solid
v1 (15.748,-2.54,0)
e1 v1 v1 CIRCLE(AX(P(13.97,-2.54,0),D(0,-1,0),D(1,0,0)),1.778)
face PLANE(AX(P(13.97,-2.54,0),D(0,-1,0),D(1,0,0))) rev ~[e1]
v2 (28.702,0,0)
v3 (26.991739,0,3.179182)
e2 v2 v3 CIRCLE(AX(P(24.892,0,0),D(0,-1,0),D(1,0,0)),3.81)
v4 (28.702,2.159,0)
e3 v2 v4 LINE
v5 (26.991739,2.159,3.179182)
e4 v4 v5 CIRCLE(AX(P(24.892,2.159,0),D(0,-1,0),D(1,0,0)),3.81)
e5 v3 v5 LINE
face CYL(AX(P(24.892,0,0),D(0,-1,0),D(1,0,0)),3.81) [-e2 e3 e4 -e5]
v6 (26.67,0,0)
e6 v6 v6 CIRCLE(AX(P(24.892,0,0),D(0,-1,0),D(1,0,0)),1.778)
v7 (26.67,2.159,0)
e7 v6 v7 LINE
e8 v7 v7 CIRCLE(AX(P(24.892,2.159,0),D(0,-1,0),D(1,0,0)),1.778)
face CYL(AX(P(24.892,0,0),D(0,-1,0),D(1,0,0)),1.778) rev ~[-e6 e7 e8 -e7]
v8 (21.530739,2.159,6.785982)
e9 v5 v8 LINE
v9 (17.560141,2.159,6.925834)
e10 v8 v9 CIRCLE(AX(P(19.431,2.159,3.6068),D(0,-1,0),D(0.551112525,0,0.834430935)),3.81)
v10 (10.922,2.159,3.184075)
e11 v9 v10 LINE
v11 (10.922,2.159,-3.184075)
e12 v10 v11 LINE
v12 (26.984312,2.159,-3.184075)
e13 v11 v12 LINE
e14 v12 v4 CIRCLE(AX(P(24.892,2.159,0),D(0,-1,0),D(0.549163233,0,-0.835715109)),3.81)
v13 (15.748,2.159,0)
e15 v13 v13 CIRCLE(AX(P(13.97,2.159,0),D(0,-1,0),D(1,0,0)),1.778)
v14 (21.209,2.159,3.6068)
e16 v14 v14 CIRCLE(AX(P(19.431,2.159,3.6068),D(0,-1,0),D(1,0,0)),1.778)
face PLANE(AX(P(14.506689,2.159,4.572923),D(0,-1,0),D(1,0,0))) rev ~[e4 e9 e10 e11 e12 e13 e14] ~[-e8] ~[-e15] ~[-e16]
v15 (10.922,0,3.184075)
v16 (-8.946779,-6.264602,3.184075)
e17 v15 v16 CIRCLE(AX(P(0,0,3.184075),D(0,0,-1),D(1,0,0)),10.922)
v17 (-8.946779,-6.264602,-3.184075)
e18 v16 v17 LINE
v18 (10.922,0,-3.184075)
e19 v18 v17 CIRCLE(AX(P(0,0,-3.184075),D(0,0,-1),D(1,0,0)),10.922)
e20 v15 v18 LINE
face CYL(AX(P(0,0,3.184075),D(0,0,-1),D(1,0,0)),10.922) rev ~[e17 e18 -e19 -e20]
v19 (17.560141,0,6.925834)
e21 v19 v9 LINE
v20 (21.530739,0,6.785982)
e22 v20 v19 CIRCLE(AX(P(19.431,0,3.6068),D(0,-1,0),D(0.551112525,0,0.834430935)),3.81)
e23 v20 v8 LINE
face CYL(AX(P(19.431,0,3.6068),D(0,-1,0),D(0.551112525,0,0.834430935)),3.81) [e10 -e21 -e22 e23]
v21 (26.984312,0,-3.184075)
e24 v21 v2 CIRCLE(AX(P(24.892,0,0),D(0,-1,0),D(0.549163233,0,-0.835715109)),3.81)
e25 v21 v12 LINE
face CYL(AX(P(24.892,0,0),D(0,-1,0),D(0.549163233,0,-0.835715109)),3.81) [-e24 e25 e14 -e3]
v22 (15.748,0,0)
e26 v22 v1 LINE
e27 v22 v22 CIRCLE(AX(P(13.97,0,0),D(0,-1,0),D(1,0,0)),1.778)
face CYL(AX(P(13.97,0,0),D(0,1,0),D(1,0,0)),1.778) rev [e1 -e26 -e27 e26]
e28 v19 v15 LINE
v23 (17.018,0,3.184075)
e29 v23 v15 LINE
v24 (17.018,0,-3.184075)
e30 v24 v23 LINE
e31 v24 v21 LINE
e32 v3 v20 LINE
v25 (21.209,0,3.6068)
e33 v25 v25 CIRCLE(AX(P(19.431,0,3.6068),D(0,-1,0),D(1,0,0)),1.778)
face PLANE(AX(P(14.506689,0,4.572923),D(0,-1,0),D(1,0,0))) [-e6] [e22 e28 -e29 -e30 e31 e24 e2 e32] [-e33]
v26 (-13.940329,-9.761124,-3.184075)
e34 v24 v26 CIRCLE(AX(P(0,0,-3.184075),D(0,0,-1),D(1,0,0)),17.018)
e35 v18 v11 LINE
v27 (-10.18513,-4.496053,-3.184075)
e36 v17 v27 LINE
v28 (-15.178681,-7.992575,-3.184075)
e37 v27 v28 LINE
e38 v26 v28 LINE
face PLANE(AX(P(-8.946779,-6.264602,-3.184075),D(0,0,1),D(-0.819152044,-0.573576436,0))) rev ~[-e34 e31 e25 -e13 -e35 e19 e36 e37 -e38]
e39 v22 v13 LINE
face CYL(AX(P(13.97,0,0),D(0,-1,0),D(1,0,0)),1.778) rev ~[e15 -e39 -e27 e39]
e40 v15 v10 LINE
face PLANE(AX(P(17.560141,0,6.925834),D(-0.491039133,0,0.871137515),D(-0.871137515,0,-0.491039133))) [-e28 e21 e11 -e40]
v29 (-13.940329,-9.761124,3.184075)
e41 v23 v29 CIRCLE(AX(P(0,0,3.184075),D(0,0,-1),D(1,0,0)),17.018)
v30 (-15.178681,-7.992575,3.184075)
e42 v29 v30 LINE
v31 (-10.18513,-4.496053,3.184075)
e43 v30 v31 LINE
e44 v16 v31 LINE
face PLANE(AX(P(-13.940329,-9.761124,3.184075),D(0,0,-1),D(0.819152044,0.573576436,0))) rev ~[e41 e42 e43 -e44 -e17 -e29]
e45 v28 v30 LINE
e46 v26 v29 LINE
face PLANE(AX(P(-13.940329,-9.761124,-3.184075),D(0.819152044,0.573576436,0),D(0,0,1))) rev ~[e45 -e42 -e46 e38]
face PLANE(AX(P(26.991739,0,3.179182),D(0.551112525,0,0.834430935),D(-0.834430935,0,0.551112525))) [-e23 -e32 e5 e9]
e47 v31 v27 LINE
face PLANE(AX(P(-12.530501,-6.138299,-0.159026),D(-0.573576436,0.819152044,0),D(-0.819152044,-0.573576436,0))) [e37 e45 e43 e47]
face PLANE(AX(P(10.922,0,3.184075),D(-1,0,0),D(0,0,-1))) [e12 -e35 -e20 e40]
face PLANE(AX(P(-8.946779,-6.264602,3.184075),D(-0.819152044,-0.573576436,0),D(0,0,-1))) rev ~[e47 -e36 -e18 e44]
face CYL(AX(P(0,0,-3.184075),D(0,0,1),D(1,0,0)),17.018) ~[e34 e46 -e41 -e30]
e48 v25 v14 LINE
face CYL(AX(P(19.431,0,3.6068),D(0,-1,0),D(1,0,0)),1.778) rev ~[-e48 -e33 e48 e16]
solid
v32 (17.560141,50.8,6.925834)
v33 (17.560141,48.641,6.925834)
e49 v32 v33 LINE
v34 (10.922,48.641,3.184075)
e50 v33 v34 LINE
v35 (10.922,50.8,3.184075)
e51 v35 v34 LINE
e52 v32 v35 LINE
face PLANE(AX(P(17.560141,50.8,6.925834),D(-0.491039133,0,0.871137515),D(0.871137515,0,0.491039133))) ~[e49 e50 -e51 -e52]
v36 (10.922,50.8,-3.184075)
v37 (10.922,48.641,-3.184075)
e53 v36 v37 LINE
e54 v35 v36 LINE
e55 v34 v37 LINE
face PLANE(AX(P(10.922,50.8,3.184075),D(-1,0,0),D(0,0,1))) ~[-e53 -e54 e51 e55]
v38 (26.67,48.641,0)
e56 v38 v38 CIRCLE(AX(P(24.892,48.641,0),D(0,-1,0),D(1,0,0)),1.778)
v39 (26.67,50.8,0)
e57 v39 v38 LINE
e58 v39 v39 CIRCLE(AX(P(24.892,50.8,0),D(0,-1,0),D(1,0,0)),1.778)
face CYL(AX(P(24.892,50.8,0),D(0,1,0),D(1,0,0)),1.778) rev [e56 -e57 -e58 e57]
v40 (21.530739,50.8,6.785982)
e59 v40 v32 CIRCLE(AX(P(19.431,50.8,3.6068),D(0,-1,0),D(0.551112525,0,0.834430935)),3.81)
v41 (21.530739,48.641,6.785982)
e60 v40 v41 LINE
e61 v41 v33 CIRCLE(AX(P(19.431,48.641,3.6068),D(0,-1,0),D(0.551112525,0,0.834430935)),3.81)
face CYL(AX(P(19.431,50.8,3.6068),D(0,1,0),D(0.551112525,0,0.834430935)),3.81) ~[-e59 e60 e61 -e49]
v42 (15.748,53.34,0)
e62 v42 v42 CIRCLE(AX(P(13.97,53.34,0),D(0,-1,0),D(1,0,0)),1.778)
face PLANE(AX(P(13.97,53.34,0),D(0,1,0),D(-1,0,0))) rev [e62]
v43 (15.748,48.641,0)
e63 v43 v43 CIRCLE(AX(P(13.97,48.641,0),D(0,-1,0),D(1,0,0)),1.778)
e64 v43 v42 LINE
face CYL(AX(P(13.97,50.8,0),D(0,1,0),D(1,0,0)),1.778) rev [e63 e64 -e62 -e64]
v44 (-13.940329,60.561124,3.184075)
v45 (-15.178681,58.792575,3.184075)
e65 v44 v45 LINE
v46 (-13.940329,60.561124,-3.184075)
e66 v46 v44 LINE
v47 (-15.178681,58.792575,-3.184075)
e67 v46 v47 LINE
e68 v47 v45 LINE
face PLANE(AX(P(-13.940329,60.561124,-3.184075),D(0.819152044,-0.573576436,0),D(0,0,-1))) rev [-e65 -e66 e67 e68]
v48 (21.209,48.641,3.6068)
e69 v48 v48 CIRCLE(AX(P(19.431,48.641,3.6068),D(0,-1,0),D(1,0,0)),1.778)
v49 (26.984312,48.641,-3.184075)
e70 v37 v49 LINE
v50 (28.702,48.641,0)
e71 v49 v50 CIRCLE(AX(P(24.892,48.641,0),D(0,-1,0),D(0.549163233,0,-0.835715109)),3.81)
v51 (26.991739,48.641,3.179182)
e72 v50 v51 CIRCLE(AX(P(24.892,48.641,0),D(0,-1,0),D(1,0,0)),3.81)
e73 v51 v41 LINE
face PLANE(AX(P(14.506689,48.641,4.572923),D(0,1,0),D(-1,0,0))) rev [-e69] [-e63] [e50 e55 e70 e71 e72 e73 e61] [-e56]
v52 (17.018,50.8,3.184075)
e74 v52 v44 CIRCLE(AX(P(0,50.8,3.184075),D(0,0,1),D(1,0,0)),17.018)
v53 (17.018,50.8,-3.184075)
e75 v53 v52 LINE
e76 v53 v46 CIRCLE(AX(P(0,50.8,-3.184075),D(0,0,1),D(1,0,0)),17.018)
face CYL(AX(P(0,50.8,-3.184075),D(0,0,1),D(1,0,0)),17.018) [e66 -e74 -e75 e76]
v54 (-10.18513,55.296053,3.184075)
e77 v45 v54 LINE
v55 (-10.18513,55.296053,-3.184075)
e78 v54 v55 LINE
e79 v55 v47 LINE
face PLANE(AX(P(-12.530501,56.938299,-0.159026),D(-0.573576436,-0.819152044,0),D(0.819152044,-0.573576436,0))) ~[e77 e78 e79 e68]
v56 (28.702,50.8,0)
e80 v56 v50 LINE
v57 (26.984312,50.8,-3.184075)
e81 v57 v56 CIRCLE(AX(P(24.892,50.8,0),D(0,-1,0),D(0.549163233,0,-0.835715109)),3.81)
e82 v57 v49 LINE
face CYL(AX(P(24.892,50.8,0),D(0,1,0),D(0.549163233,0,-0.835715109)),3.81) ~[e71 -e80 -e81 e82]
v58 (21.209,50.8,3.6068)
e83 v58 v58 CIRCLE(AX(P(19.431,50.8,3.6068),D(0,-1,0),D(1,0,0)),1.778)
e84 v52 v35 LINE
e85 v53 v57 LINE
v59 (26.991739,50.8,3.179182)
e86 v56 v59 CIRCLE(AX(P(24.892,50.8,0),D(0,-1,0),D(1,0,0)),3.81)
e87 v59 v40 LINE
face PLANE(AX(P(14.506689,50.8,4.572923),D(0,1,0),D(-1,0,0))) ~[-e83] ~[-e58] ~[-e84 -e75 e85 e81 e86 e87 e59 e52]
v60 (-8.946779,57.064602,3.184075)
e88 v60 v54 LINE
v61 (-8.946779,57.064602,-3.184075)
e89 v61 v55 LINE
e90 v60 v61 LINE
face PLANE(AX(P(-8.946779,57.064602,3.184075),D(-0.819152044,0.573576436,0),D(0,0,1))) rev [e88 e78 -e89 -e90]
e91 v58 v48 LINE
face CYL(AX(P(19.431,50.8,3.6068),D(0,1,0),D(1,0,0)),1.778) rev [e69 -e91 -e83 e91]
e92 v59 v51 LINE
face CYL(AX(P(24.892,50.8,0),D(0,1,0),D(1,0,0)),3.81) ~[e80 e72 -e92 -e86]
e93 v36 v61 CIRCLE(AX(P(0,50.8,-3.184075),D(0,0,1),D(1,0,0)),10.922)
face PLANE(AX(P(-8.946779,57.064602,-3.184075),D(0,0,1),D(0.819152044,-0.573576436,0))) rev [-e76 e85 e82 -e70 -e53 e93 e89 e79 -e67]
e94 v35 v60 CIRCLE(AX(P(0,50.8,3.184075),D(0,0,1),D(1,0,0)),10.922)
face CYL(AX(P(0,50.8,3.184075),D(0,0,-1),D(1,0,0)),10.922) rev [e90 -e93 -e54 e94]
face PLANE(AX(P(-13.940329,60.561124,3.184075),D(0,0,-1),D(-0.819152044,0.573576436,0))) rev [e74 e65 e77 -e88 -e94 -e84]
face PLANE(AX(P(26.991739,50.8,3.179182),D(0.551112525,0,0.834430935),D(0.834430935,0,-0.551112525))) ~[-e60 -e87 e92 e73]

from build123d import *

# Parameters (mm, degrees)
F0_R     = 1.778
F1_DEPTH = 2.159
F2_ANGLE = 145
F3_DEPTH = 2.54
F4_DEPTH = 2.159


with BuildPart() as f1:
    # F0 (on Front) → F1 (new body)
    with BuildSketch(Plane.XZ):
        with BuildLine():
            Line((10.922, 3.1840745665), (15.6445236422, 3.1840745665))
            ThreePointArc((15.6445236422, 3.1840745665), (16.0396062012, 5.3430454035), (17.5601409029, 6.9258339315))
            Line((17.5601409029, 6.9258339315), (10.922, 3.1840745665))
        make_face()
        with BuildLine():
            ThreePointArc((23.2369771619, 3.4317633085), (22.6101818624, 1.5070612816), (21.0860228381, 0.1750366915))
            ThreePointArc((21.0860228381, 0.1750366915), (21.4981289619, -1.7313980989), (22.7996880837, -3.1840745665))
            Line((22.7996880837, -3.1840745665), (26.9843119163, -3.1840745665))
            ThreePointArc((26.9843119163, -3.1840745665), (28.245193135, -1.8089211701), (28.702, 0))
            ThreePointArc((28.702, 0), (28.2473021114, 1.8050062995), (26.9917387184, 3.1791818624))
            ThreePointArc((26.9917387184, 3.1791818624), (25.147719378, 3.8014086336), (23.2369771619, 3.4317633085))
        make_face()
        with Locations((24.892, 0)):
            Circle(F0_R, mode=Mode.SUBTRACT)
        with BuildLine():
            Line((26.9917387184, 3.1791818624), (21.5307387184, 6.7859818624))
            ThreePointArc((21.5307387184, 6.7859818624), (22.7863021114, 5.4118062995), (23.241, 3.6068))
            ThreePointArc((23.241, 3.6068), (23.2399941577, 3.5192585432), (23.2369771619, 3.4317633085))
            ThreePointArc((23.2369771619, 3.4317633085), (25.147719378, 3.8014086336), (26.9917387184, 3.1791818624))
        make_face()
        with BuildLine():
            ThreePointArc((17.018, 0.6583205614), (16.0838765931, 1.786672285), (15.6445236422, 3.1840745665))
            Line((15.6445236422, 3.1840745665), (10.922, 3.1840745665))
            Line((10.922, 3.1840745665), (10.922, -3.1840745665))
            Line((10.922, -3.1840745665), (17.018, -3.1840745665))
            Line((17.018, -3.1840745665), (17.018, 0.6583205614))
        make_face()
        with Locations((13.97, 0)):
            Circle(F0_R, mode=Mode.SUBTRACT)
        with BuildLine():
            Line((15.6445236422, 3.1840745665), (17.018, 3.1840745665))
            Line((17.018, 3.1840745665), (17.018, 0.6583205614))
            ThreePointArc((17.018, 0.6583205614), (18.9815301243, -0.1765948817), (21.0860228381, 0.1750366915))
            ThreePointArc((21.0860228381, 0.1750366915), (21.7128181376, 2.0997387184), (23.2369771619, 3.4317633085))
            ThreePointArc((23.2369771619, 3.4317633085), (23.2399941577, 3.5192585432), (23.241, 3.6068))
            ThreePointArc((23.241, 3.6068), (22.7863021114, 5.4118062995), (21.5307387184, 6.7859818624))
            ThreePointArc((21.5307387184, 6.7859818624), (19.5651123431, 7.4144388851), (17.5601409029, 6.9258339315))
            ThreePointArc((17.5601409029, 6.9258339315), (16.0396062012, 5.3430454035), (15.6445236422, 3.1840745665))
        make_face()
        with Locations((19.431, 3.6068)):
            Circle(F0_R, mode=Mode.SUBTRACT)
        with BuildLine():
            ThreePointArc((23.2369771619, 3.4317633085), (21.7128181376, 2.0997387184), (21.0860228381, 0.1750366915))
            ThreePointArc((21.0860228381, 0.1750366915), (22.6101818624, 1.5070612816), (23.2369771619, 3.4317633085))
        make_face()
        with BuildLine():
            ThreePointArc((21.0860228381, 0.1750366915), (18.9815301243, -0.1765948817), (17.018, 0.6583205614))
            Line((17.018, 0.6583205614), (17.018, -3.1840745665))
            Line((17.018, -3.1840745665), (22.7996880837, -3.1840745665))
            ThreePointArc((22.7996880837, -3.1840745665), (21.4981289619, -1.7313980989), (21.0860228381, 0.1750366915))
        make_face()
        with BuildLine():
            Line((17.018, 0.6583205614), (17.018, 3.1840745665))
            Line((17.018, 3.1840745665), (15.6445236422, 3.1840745665))
            ThreePointArc((15.6445236422, 3.1840745665), (16.0838765931, 1.786672285), (17.018, 0.6583205614))
        make_face()
    extrude(amount=-F1_DEPTH)

    # F0 (on Front) → F2 (revolve)
    with BuildSketch(Plane.XZ):
        with BuildLine():
            ThreePointArc((17.018, 0.6583205614), (16.0838765931, 1.786672285), (15.6445236422, 3.1840745665))
            Line((15.6445236422, 3.1840745665), (10.922, 3.1840745665))
            Line((10.922, 3.1840745665), (10.922, -3.1840745665))
            Line((10.922, -3.1840745665), (17.018, -3.1840745665))
            Line((17.018, -3.1840745665), (17.018, 0.6583205614))
        make_face()
        with Locations((13.97, 0)):
            Circle(F0_R, mode=Mode.SUBTRACT)
        with Locations((13.97, 0)):
            Circle(F0_R)
        with BuildLine():
            Line((17.018, 0.6583205614), (17.018, 3.1840745665))
            Line((17.018, 3.1840745665), (15.6445236422, 3.1840745665))
            ThreePointArc((15.6445236422, 3.1840745665), (16.0838765931, 1.786672285), (17.018, 0.6583205614))
        make_face()
    revolve(axis=Axis((0, 0, 0), (0, 0, -1)), revolution_arc=F2_ANGLE)

    # F0 (on Front) → F3 (cut)
    with BuildSketch(Plane.XZ):
        with Locations((13.97, 0)):
            Circle(F0_R)
    extrude(amount=F3_DEPTH, mode=Mode.SUBTRACT)

    # F4 (add): a face of the model
    f4_faces = [f1.faces().sort_by_distance(p)[0] for p in [
        (-11.4435540587, -8.0128628158, 0),
    ]]
    extrude(f4_faces, amount=F4_DEPTH)


with BuildPart() as f6_1:
    # F6: instance of F1
    add(f1.part.mirror(Plane.XZ.offset(-25.4)))


solid = Compound([f1.part, f6_1.part])
